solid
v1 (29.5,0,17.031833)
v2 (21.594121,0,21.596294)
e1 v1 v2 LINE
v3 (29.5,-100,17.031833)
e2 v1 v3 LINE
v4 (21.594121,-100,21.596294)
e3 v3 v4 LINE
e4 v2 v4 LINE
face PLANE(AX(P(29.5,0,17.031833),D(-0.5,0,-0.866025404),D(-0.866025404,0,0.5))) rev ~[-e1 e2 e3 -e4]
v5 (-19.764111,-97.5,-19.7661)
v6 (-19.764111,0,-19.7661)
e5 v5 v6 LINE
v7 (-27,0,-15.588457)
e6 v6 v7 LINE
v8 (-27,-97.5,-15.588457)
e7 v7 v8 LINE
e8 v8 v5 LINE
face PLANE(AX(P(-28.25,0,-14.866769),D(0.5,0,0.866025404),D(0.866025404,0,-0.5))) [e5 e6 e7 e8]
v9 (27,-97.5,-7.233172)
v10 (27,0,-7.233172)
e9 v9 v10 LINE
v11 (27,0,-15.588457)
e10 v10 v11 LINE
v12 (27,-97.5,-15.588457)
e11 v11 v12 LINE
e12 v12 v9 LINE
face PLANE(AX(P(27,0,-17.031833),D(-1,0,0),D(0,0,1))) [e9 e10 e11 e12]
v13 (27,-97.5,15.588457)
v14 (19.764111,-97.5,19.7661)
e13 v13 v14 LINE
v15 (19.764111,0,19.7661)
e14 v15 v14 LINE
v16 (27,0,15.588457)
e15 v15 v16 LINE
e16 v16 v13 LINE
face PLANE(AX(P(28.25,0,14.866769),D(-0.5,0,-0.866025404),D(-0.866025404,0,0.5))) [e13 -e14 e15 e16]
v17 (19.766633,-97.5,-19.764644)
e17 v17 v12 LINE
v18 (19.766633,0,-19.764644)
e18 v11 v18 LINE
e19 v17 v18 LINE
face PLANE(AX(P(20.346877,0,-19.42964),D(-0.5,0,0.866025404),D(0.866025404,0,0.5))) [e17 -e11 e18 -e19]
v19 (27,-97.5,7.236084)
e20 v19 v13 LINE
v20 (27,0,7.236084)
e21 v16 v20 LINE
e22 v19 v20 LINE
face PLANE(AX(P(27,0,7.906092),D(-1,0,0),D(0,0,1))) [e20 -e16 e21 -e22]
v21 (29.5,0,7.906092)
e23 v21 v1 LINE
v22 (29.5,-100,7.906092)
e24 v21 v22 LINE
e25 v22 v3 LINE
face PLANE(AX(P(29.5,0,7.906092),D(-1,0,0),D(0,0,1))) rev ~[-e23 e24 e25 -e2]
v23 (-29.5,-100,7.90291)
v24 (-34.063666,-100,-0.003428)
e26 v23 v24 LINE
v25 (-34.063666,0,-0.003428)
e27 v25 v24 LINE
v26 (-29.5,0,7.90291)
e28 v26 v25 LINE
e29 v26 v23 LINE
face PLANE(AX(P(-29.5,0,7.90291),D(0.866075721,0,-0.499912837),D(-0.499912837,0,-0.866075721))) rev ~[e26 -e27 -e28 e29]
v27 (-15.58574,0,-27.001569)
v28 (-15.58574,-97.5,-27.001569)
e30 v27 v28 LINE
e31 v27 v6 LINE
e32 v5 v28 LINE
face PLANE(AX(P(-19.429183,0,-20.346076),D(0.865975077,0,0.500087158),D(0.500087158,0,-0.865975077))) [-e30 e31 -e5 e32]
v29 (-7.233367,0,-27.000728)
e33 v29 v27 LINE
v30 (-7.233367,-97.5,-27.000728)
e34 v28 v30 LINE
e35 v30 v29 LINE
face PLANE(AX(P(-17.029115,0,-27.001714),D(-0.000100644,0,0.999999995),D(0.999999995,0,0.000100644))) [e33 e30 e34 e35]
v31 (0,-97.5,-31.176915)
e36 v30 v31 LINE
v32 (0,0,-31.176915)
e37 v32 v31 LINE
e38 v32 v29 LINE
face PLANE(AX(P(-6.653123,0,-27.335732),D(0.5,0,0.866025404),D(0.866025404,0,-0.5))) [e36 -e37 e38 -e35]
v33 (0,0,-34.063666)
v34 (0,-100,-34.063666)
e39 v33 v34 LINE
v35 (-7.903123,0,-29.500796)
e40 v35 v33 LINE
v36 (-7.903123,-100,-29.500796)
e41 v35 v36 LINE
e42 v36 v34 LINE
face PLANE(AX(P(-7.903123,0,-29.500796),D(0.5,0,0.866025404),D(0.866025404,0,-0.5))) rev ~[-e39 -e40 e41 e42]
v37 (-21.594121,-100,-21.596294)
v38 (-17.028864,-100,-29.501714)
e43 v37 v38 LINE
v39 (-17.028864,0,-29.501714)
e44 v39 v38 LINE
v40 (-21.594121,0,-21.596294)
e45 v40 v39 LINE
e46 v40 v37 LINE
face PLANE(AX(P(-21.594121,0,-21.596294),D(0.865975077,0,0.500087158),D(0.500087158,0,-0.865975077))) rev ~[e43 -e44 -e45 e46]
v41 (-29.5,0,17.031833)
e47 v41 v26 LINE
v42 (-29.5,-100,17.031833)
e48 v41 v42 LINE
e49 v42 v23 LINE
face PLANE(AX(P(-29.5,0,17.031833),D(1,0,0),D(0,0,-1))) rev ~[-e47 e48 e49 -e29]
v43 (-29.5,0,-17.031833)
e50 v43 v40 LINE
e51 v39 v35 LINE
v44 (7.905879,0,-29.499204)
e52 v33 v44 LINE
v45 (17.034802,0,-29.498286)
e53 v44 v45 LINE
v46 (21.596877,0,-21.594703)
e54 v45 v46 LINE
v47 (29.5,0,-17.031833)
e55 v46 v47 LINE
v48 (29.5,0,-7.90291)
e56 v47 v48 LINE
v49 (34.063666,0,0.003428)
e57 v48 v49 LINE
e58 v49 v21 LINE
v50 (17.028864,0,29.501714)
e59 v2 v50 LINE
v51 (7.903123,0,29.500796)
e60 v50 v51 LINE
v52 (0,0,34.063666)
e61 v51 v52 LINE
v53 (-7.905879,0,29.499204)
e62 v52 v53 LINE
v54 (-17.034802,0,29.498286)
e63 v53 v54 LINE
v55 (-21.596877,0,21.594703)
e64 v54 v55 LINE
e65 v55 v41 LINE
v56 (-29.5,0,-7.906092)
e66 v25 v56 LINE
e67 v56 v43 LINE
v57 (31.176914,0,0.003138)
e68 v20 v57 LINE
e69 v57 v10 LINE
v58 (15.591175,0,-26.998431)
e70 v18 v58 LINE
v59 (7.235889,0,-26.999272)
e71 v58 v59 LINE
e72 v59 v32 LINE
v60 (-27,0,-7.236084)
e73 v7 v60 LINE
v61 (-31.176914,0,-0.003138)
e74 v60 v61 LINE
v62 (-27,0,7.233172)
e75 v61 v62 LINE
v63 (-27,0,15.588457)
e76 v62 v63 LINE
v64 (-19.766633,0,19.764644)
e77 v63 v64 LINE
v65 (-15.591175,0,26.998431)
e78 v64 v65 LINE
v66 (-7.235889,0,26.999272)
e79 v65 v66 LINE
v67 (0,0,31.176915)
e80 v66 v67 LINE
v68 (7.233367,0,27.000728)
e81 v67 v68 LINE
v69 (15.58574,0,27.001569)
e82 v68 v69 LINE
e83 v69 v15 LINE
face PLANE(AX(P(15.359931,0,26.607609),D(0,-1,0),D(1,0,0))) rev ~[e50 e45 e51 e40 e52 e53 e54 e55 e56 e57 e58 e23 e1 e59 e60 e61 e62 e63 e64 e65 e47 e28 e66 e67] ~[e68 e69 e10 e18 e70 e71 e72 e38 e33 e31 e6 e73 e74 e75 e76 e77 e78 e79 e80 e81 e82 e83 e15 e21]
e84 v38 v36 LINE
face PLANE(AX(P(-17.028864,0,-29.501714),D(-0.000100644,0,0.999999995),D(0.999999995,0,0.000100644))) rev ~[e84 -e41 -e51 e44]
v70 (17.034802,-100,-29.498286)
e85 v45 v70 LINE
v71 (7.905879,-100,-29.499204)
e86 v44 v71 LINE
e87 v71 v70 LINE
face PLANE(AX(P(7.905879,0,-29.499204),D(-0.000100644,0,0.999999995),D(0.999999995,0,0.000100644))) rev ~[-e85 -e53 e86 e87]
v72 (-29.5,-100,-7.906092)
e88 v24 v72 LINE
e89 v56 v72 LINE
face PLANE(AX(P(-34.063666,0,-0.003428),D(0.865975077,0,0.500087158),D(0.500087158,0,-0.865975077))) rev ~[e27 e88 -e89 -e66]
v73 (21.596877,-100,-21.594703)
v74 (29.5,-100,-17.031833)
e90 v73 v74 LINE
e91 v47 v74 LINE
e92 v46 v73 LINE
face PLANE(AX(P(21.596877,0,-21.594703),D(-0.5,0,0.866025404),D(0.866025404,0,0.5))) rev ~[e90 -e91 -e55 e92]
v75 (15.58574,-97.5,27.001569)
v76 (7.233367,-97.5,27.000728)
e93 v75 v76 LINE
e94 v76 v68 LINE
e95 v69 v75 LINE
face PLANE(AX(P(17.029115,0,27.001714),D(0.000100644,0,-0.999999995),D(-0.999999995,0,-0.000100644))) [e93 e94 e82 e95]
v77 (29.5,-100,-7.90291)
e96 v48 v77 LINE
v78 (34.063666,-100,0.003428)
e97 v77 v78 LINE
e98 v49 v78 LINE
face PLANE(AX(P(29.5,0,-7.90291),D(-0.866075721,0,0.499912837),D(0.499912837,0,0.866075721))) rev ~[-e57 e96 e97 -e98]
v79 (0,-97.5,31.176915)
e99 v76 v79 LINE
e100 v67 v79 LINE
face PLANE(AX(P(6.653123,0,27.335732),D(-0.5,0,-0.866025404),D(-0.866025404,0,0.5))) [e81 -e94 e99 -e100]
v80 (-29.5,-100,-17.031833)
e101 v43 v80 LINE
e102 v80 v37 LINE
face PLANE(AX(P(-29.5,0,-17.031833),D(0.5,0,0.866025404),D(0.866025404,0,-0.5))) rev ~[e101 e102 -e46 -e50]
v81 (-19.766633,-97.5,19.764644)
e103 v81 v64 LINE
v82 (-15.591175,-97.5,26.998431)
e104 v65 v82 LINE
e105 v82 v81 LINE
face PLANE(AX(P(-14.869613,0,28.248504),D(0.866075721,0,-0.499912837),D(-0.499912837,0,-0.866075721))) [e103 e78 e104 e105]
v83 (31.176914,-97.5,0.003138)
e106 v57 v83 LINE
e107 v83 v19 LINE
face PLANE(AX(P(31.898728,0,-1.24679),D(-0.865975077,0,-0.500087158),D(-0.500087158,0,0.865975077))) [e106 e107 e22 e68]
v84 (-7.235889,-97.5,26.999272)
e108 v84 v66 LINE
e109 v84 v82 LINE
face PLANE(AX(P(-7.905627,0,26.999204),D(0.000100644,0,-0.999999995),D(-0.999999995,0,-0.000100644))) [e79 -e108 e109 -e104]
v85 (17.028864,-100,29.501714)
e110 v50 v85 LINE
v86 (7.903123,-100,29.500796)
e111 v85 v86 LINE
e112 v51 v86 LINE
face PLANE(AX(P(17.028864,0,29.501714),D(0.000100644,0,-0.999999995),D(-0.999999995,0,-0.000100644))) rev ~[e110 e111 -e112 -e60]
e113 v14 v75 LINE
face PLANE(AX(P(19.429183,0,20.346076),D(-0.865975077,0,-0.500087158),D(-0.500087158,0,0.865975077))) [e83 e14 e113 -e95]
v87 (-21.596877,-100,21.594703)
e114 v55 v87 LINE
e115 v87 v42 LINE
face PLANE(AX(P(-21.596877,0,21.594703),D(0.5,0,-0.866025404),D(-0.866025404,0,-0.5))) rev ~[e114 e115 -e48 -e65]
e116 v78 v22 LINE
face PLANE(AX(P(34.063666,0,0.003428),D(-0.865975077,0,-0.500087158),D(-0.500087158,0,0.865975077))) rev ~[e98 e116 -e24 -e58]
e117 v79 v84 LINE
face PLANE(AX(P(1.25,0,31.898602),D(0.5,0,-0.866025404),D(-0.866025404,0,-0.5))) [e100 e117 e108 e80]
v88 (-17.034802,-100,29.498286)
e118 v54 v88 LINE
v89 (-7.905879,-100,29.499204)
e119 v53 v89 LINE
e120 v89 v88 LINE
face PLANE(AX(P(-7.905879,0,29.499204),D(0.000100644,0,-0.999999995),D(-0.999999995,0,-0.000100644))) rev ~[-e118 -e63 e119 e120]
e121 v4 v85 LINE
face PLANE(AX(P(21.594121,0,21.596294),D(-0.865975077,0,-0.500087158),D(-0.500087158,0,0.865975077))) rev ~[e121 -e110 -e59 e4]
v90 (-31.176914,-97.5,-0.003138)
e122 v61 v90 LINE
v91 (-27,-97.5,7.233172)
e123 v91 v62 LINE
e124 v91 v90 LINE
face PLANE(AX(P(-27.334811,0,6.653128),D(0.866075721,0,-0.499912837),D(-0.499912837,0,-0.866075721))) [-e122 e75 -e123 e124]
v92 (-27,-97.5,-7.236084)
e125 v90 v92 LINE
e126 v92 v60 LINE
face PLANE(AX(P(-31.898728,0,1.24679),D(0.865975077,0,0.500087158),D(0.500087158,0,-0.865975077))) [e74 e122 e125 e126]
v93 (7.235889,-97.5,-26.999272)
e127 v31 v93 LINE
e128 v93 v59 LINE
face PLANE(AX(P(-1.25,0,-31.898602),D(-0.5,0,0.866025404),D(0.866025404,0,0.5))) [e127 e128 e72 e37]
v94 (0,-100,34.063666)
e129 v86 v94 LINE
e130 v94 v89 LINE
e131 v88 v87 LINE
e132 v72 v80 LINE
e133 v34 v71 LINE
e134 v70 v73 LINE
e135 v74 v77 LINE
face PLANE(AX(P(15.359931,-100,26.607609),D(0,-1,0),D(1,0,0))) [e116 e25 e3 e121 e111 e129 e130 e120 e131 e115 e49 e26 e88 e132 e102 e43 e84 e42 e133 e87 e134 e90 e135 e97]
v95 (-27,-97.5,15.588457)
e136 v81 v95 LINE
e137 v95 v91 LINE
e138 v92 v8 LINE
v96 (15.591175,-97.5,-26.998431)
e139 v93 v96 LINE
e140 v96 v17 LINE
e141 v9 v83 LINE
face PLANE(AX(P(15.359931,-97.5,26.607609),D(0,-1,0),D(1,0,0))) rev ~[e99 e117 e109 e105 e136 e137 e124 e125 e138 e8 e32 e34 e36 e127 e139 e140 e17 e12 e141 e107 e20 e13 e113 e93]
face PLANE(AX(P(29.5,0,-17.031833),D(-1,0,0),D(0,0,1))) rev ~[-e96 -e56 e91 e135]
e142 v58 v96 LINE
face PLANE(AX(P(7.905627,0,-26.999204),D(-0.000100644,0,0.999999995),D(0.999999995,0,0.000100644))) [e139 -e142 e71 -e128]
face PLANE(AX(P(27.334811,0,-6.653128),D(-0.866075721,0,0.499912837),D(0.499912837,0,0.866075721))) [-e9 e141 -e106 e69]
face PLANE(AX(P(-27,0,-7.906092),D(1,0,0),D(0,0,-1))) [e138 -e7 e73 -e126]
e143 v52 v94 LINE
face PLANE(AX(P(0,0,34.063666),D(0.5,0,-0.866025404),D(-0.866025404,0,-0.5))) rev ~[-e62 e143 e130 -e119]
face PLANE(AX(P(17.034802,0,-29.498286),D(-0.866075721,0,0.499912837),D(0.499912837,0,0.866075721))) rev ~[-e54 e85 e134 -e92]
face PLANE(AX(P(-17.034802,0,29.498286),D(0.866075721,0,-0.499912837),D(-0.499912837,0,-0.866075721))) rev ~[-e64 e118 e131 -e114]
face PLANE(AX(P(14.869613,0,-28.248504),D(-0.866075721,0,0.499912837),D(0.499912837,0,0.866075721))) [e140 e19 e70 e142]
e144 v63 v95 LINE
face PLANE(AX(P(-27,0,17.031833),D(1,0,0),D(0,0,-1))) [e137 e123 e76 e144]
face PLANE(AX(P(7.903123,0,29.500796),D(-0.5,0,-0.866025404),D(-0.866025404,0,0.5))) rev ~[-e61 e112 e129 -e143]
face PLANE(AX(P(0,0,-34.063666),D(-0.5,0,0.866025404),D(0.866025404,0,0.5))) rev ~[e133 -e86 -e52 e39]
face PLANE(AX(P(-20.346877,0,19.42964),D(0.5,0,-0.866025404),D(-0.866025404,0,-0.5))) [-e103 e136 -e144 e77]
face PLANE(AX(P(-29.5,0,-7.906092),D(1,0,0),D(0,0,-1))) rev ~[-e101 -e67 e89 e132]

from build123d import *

# Parameters (mm, degrees)
F1_DEPTH = 100
F2_T     = -2.5


with BuildPart() as f1:
    # F0 (on Front) → F1 (new body)
    with BuildSketch(Plane.XZ):
        Polygon((21.5941209233, 21.5962943542), (17.0288638531, 29.5017140046), (7.9031232396, 29.5007955524), align=None)
        Polygon((29.5, 17.0318329411), (21.5941209233, 21.5962943542), (29.5, 7.9060922814), align=None)
        Polygon((29.5, 7.9060922814), (21.5941209233, 21.5962943542), (7.9031232396, 29.5007955524), (-7.9058790767, 29.4992044691), (-21.5968767604, 21.5947032709), (-29.5, 7.9029101149), (-29.5, -7.9060922814), (-21.5941209233, -21.5962943542), (-7.9031232396, -29.5007955524), (7.9058790767, -29.4992044691), (21.5968767604, -21.5947032709), (29.5, -7.9029101149), align=None)
        Polygon((-7.9058790767, 29.4992044691), (7.9031232396, 29.5007955524), (0, 34.0636658822), align=None)
        Polygon((34.0636657097, 0.0034283079), (29.5, 7.9060922814), (29.5, -7.9029101149), align=None)
        Polygon((-21.5968767604, 21.5947032709), (-7.9058790767, 29.4992044691), (-17.0348018566, 29.4982856966), align=None)
        Polygon((29.5, -17.0318329411), (29.5, -7.9029101149), (21.5968767604, -21.5947032709), align=None)
        Polygon((-29.5, 7.9029101149), (-21.5968767604, 21.5947032709), (-29.5, 17.0318329411), align=None)
        Polygon((17.0348018566, -29.4982856966), (21.5968767604, -21.5947032709), (7.9058790767, -29.4992044691), align=None)
        Polygon((-29.5, -7.9060922814), (-29.5, 7.9029101149), (-34.0636657097, -0.0034283079), align=None)
        Polygon((0, -34.0636658822), (7.9058790767, -29.4992044691), (-7.9031232396, -29.5007955524), align=None)
        Polygon((-21.5941209233, -21.5962943542), (-29.5, -7.9060922814), (-29.5, -17.0318329411), align=None)
        Polygon((-17.0288638531, -29.5017140046), (-7.9031232396, -29.5007955524), (-21.5941209233, -21.5962943542), align=None)
    extrude(amount=F1_DEPTH)

    # F2
    f2_openings = [f1.faces().sort_by_distance(p)[0] for p in [
        (0, 0, 0),
    ]]
    offset(amount=F2_T, openings=f2_openings, kind=Kind.INTERSECTION)


solid = f1.part
